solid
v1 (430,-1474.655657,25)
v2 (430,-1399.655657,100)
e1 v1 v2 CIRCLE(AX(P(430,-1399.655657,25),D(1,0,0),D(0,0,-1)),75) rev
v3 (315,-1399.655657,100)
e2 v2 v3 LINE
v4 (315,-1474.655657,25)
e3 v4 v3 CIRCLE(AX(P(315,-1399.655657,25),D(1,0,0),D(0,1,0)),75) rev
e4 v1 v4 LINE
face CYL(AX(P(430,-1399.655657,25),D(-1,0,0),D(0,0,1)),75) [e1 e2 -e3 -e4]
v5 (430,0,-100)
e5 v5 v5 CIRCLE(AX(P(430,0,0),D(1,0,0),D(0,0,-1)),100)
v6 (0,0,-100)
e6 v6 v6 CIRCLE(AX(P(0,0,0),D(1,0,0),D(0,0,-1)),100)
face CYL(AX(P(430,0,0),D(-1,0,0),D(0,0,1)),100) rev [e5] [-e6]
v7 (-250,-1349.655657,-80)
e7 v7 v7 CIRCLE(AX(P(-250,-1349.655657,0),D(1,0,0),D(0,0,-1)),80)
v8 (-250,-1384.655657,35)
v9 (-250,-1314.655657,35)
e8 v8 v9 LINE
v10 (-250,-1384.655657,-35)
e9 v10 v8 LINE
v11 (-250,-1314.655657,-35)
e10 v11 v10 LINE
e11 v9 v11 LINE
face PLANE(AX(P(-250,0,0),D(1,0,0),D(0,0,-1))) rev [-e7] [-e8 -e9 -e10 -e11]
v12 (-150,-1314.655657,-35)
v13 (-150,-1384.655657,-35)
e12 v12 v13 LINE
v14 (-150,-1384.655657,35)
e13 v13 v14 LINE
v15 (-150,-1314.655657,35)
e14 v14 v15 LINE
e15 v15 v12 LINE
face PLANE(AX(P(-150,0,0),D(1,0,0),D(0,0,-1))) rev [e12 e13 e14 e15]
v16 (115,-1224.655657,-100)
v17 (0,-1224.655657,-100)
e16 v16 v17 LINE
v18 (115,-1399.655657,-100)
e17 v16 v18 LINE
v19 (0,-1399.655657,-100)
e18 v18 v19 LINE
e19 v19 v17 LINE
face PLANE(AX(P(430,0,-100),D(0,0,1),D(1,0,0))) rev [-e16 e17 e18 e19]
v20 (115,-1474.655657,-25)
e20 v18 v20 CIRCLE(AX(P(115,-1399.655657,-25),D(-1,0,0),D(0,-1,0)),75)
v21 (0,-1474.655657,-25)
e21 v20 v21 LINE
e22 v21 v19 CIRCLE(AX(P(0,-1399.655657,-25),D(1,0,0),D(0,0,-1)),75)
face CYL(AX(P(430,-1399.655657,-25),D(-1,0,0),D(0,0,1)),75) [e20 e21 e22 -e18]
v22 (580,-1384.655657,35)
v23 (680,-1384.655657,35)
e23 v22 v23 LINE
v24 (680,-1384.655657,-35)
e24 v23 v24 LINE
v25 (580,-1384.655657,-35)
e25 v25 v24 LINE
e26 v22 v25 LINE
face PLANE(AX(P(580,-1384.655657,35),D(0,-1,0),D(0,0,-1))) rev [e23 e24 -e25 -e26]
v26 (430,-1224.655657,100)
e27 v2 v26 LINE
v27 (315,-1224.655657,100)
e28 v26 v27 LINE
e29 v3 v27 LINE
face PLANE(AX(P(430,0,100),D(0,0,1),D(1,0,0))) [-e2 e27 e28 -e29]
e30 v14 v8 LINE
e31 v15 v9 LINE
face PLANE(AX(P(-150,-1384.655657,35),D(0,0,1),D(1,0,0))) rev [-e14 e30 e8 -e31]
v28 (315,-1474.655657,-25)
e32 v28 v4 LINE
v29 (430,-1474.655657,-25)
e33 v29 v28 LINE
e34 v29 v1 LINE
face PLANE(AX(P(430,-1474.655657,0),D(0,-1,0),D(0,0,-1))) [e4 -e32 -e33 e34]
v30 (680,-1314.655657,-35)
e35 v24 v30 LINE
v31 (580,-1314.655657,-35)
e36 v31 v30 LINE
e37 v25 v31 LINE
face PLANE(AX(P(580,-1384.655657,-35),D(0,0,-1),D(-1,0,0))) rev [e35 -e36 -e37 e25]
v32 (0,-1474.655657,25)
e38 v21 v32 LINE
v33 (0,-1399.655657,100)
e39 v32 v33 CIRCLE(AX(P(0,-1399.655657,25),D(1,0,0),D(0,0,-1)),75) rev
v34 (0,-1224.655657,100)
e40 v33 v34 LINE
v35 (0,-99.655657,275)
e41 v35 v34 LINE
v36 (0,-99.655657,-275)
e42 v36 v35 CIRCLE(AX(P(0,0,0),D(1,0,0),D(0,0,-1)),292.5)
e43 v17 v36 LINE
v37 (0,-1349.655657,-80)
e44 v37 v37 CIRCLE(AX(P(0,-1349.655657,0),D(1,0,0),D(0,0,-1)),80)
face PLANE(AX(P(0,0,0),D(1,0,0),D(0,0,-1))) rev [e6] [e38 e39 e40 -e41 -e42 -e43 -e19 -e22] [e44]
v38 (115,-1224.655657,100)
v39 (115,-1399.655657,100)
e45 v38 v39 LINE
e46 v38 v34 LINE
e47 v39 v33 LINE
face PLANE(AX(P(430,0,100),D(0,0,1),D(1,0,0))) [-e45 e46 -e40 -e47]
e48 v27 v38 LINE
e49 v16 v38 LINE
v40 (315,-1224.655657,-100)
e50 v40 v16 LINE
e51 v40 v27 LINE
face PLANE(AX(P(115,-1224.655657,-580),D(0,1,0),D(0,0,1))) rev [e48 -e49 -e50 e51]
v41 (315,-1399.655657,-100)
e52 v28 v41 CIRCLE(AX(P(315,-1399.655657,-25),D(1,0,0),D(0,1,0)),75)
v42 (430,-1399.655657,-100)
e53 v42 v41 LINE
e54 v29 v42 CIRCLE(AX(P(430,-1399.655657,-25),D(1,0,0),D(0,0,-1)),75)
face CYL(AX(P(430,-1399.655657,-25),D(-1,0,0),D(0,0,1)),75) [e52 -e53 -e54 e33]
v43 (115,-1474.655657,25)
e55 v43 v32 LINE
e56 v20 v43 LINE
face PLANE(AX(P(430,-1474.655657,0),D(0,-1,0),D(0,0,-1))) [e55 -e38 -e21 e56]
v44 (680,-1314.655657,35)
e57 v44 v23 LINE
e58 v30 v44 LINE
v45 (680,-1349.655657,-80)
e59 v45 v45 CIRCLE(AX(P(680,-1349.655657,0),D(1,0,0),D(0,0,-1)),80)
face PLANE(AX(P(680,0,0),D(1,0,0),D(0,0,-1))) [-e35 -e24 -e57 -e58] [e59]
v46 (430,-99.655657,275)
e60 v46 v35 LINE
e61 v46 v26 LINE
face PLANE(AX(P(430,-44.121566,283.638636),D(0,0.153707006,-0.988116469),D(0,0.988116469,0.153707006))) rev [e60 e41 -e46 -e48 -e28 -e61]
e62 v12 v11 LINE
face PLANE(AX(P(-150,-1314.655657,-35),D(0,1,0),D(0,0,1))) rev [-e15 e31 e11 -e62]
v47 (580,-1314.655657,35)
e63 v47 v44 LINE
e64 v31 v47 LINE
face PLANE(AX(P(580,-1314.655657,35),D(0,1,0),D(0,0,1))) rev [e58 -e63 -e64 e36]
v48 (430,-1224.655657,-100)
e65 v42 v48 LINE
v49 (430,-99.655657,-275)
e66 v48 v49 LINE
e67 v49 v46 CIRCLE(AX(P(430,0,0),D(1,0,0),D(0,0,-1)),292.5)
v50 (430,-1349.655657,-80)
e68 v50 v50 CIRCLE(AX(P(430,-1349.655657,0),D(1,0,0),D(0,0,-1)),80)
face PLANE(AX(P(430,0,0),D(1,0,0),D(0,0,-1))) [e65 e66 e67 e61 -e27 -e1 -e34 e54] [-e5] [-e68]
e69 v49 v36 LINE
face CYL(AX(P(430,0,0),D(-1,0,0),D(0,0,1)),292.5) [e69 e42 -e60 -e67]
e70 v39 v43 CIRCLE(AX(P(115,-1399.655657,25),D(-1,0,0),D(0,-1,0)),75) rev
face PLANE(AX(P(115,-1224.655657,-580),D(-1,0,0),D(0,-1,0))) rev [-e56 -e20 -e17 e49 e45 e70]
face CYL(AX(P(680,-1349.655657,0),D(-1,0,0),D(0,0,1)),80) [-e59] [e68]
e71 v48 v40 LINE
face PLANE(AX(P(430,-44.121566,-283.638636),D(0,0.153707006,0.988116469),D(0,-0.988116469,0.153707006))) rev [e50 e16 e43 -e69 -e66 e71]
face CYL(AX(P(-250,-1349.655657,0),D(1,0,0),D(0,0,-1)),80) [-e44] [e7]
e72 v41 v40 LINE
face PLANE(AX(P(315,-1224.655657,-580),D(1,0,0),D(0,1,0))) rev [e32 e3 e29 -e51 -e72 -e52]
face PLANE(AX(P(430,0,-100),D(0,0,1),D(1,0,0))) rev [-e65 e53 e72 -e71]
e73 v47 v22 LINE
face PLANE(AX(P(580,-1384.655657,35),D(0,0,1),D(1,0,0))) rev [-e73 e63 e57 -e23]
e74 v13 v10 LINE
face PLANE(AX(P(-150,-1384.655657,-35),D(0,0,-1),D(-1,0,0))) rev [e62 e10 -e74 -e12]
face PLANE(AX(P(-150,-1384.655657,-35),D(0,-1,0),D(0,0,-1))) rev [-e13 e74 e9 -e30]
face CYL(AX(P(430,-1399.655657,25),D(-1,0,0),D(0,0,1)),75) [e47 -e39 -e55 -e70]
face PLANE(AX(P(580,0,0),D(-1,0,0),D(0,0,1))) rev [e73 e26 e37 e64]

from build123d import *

# Parameters (mm, degrees)
ESQUISSE1_R             = 100
ESQUISSE1_R_2           = 80
BOSS_EXTRU_1_DEPTH      = 430
ESQUISSE1_3_R           = 80
BOSS_EXTRU_2_DEPTH      = 250
ESQUISSE1_5_R           = 80
BOSS_EXTRU_3_DEPTH      = 680
ESQUISSE2_W             = 200
ESQUISSE2_H             = 250
ENL_V_MAT_EXTRU_2_DEPTH = 680
ESQUISSE3_W             = 70
ESQUISSE3_H             = 70
ENL_V_MAT_EXTRU_3_DEPTH = 100
ESQUISSE4_W             = 70
ESQUISSE4_H             = 70
ENL_V_MAT_EXTRU_4_DEPTH = 100


with BuildPart() as part:
    # Esquisse1 → Boss.-Extru.1 (new body)
    with BuildSketch(Plane(origin=(0, 0, 0), x_dir=(0, 0, -1), z_dir=(1, 0, 0))):
        with BuildLine():
            Line((-275, -99.65565714), (-100, -1224.65565714))
            Line((-100, -1224.65565714), (-100, -1399.65565714))
            ThreePointArc((-100, -1399.65565714), (-78.033008589, -1452.688665729), (-25, -1474.65565714))
            Line((-25, -1474.65565714), (25, -1474.65565714))
            ThreePointArc((25, -1474.65565714), (78.033008589, -1452.688665729), (100, -1399.65565714))
            Line((100, -1399.65565714), (100, -1224.65565714))
            Line((100, -1224.65565714), (275, -99.65565714))
            ThreePointArc((275, -99.65565714), (0, 292.5), (-275, -99.65565714))
        make_face()
        Circle(ESQUISSE1_R, mode=Mode.SUBTRACT)
        with Locations((0, -1349.65565714)):
            Circle(ESQUISSE1_R_2, mode=Mode.SUBTRACT)
    extrude(amount=BOSS_EXTRU_1_DEPTH)



with BuildPart() as body_2:
    # Esquisse1<3> → Boss.-Extru.2 (new body)
    with BuildSketch(Plane(origin=(0, 0, 0), x_dir=(0, 0, -1), z_dir=(1, 0, 0))):
        with Locations((0, -1349.65565714)):
            Circle(ESQUISSE1_3_R)
    extrude(amount=-BOSS_EXTRU_2_DEPTH)


with BuildPart() as part_1:
    add(part.part)

    add(body_2.part)  # Boss.-Extru.3 merges body 2
    # Esquisse1<5> → Boss.-Extru.3 (add)
    with BuildSketch(Plane(origin=(0, 0, 0), x_dir=(0, 0, -1), z_dir=(1, 0, 0))):
        with Locations((0, -1349.65565714)):
            Circle(ESQUISSE1_5_R)
    extrude(amount=BOSS_EXTRU_3_DEPTH)

    # Esquisse2 → Enlèv. mat.-Extru.2 (cut)
    with BuildSketch(Plane.XY.offset(100)):
        with Locations((215, -1349.65565714)):
            Rectangle(ESQUISSE2_W, ESQUISSE2_H)
    extrude(amount=-ENL_V_MAT_EXTRU_2_DEPTH, mode=Mode.SUBTRACT)

    # Esquisse3 → Enlèv. mat.-Extru.3 (cut)
    with BuildSketch(Plane.ZY.offset(250)):
        with Locations((0, -1349.65565714)):
            Rectangle(ESQUISSE3_W, ESQUISSE3_H)
    extrude(amount=-ENL_V_MAT_EXTRU_3_DEPTH, mode=Mode.SUBTRACT)

    # Esquisse4 → Enlèv. mat.-Extru.4 (cut)
    with BuildSketch(Plane(origin=(680, 0, 0), x_dir=(0, 0, -1), z_dir=(1, 0, 0))):
        with Locations((0, -1349.65565714)):
            Rectangle(ESQUISSE4_W, ESQUISSE4_H)
    extrude(amount=-ENL_V_MAT_EXTRU_4_DEPTH, mode=Mode.SUBTRACT)


solid = part_1.part
